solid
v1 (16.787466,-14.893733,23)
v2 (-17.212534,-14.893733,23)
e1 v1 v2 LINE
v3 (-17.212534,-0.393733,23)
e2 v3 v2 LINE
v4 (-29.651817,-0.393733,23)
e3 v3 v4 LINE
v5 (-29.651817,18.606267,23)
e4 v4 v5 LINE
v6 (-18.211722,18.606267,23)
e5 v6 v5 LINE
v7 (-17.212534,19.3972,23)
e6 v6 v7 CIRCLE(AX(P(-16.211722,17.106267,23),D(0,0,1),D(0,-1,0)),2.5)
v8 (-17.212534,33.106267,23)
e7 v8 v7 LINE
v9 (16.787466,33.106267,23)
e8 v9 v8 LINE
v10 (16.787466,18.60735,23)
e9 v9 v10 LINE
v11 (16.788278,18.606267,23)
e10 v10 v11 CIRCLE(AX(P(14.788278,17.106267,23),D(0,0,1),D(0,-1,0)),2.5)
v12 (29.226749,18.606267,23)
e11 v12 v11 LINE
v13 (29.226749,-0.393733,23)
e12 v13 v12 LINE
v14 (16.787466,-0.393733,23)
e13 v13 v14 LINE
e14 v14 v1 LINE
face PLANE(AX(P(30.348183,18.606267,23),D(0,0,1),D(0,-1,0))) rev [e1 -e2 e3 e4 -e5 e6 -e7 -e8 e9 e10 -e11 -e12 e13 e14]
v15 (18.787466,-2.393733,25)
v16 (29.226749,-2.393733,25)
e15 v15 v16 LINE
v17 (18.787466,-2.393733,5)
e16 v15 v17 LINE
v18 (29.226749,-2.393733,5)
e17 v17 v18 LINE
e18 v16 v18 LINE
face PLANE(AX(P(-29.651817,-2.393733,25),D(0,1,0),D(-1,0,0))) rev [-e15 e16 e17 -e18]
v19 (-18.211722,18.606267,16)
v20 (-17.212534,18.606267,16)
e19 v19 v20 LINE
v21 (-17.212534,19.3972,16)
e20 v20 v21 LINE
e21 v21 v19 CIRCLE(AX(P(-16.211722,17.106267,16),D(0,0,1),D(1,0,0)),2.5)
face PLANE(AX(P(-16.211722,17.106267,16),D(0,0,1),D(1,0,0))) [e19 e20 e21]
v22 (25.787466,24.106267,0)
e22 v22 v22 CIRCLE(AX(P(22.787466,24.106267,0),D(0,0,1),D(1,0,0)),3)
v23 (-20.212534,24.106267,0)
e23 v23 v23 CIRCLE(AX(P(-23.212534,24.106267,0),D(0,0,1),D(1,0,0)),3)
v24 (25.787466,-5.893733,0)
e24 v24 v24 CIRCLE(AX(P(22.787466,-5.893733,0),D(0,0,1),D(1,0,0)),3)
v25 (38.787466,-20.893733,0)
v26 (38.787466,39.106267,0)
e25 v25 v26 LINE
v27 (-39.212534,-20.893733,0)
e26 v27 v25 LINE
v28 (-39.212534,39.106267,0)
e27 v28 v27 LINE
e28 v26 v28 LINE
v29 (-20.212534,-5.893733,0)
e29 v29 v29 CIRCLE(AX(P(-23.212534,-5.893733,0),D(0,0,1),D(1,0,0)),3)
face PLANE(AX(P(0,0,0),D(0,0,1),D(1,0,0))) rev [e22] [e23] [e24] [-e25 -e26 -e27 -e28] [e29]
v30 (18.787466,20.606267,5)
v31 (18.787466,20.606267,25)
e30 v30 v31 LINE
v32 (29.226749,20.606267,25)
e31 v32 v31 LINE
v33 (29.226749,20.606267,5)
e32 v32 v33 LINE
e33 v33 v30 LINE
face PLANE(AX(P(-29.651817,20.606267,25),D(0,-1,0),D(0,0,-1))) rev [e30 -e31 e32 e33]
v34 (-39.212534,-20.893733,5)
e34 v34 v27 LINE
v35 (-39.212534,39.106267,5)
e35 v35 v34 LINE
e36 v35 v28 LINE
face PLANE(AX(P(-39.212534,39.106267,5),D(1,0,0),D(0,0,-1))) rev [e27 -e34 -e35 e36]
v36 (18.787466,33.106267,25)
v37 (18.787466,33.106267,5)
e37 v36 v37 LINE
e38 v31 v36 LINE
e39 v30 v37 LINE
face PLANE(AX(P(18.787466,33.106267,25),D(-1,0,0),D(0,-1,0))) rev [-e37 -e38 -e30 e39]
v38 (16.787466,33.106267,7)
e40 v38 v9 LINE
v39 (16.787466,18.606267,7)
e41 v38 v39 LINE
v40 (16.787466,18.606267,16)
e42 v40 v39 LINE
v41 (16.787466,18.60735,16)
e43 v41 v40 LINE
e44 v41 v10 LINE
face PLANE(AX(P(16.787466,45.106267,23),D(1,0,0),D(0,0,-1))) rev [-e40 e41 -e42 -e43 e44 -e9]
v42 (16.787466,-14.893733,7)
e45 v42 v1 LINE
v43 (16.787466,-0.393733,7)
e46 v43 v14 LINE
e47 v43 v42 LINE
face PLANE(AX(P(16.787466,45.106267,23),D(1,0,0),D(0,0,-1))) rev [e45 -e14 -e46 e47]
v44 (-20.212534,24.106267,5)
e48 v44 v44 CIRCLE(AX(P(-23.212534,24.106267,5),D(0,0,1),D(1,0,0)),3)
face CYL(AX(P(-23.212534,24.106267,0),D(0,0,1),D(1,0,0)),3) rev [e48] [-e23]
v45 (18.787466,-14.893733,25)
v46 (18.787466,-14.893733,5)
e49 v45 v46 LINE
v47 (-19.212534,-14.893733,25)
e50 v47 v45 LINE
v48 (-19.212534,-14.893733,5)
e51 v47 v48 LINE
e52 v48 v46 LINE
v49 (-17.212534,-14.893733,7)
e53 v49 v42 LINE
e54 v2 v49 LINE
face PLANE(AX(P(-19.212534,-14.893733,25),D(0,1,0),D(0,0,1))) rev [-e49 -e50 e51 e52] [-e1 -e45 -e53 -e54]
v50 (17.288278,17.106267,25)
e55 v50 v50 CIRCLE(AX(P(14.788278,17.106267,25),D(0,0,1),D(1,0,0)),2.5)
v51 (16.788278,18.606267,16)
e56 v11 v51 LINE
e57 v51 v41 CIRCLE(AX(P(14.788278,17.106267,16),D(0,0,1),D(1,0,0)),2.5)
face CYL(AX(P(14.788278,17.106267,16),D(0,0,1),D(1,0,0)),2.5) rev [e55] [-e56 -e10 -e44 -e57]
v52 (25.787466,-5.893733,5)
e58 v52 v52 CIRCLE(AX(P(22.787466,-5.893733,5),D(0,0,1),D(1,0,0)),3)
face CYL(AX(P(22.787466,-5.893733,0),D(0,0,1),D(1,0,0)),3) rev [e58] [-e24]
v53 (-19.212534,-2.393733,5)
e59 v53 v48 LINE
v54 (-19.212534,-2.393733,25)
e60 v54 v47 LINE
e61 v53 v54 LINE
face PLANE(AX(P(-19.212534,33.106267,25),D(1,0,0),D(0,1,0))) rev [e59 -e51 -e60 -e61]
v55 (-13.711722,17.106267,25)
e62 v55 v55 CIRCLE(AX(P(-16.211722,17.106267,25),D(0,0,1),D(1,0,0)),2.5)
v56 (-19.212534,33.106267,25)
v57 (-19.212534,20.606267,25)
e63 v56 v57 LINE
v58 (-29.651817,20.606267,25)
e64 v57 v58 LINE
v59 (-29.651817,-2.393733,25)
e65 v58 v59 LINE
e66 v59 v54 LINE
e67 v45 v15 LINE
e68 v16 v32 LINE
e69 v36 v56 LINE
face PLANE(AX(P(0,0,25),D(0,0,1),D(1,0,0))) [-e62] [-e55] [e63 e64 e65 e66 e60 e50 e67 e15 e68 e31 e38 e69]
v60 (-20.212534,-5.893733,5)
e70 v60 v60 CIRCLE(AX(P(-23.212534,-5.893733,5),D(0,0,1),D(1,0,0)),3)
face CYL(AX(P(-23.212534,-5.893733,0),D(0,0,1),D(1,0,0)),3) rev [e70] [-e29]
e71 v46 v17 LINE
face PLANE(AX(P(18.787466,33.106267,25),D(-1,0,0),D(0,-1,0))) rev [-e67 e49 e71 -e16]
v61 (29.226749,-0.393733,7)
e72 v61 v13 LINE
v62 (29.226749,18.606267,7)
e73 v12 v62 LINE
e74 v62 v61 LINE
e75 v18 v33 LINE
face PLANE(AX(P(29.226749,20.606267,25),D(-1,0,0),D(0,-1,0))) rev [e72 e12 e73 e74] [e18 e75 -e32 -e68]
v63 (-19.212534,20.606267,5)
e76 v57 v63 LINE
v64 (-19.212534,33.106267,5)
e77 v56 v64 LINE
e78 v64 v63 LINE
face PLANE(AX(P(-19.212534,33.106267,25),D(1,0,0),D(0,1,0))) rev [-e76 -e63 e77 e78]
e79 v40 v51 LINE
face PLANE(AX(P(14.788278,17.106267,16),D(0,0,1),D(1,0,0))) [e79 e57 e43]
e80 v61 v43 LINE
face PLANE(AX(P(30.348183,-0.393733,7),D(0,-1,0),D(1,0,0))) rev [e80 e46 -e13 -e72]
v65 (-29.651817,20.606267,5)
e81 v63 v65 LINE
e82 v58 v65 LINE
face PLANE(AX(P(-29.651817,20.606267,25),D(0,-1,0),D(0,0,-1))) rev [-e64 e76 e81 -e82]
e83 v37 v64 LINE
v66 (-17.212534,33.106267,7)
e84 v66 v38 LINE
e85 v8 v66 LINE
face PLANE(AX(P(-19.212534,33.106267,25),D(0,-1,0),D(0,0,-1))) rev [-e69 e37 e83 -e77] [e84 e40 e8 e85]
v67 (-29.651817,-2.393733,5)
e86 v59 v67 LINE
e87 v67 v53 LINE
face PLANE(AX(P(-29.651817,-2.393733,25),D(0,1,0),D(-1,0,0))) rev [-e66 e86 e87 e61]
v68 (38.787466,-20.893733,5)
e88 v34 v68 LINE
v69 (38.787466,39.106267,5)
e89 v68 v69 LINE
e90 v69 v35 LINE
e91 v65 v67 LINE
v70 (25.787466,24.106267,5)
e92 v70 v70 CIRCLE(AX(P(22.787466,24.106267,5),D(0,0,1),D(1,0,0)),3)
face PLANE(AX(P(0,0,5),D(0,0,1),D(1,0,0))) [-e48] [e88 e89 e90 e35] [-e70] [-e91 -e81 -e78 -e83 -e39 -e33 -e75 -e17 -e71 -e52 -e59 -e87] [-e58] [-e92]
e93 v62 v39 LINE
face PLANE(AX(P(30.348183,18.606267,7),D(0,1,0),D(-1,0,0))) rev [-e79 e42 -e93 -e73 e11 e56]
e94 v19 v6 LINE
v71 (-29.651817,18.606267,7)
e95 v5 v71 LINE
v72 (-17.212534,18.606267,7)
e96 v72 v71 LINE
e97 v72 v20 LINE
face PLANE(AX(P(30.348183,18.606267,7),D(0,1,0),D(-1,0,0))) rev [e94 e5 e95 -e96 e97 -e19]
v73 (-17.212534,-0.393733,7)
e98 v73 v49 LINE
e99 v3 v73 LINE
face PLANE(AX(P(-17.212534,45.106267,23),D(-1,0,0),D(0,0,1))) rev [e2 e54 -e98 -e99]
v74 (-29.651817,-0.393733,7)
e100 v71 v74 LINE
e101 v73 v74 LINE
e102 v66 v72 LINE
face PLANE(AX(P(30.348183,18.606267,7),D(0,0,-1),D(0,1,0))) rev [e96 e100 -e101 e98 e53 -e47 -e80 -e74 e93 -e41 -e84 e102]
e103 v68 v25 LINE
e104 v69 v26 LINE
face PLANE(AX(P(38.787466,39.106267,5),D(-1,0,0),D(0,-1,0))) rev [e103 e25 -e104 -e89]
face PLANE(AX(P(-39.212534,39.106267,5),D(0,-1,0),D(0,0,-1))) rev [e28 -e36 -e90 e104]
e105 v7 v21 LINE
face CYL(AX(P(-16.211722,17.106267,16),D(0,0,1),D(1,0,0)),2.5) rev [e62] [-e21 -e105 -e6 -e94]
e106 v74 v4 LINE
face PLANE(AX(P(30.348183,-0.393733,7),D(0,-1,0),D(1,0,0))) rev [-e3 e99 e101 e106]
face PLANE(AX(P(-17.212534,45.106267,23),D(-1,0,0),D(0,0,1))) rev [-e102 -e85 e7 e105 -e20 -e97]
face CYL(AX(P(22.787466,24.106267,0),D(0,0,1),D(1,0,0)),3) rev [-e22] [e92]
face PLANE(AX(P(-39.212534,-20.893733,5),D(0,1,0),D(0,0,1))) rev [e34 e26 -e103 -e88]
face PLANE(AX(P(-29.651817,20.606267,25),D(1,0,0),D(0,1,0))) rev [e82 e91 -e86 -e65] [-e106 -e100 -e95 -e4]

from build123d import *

# Parameters (mm, degrees)
SKETCH1_W           = 78
SKETCH1_H           = 60
BOSS_EXTRUDE1_DEPTH = 5
SKETCH7_R           = 3
CUT_EXTRUDE4_DEPTH  = 56.605062255
SKETCH8_W           = 38
SKETCH8_H           = 48
BOSS_EXTRUDE2_DEPTH = 20
SKETCH9_W           = 58.87856647
SKETCH9_H           = 23
BOSS_EXTRUDE3_DEPTH = 20
SKETCH10_W          = 16
SKETCH10_H          = 19
CUT_EXTRUDE5_DEPTH  = 60
SKETCH11_W          = 34
SKETCH11_H          = 16
CUT_EXTRUDE6_DEPTH  = 60
SKETCH12_R          = 2.5
CUT_EXTRUDE7_DEPTH  = 9


with BuildPart() as part:
    # Sketch1 → Boss-Extrude1 (new body)
    with BuildSketch(Plane.XY):
        with Locations((-0.21253406, 9.10626703)):
            Rectangle(SKETCH1_W, SKETCH1_H)
    extrude(amount=BOSS_EXTRUDE1_DEPTH)

    # Sketch7 → Cut-Extrude4 (cut, through all)
    with BuildSketch(Plane.XY.offset(5)):
        with Locations((-23.21253406, 24.10626703)):
            Circle(SKETCH7_R)
        with Locations((22.78746594, 24.10626703)):
            Circle(SKETCH7_R)
        with Locations((22.78746594, -5.89373297)):
            Circle(SKETCH7_R)
        with Locations((-23.21253406, -5.89373297)):
            Circle(SKETCH7_R)
    extrude(amount=-CUT_EXTRUDE4_DEPTH, mode=Mode.SUBTRACT)

    # Sketch8 → Boss-Extrude2 (add)
    with BuildSketch(Plane.XY.offset(5)):
        with Locations((-0.21253406, 9.10626703)):
            Rectangle(SKETCH8_W, SKETCH8_H)
    extrude(amount=BOSS_EXTRUDE2_DEPTH)

    # Sketch9 → Boss-Extrude3 (add)
    with BuildSketch(Plane.XY.offset(5)):
        with Locations((-0.21253406, 9.10626703)):
            Rectangle(SKETCH9_W, SKETCH9_H)
    extrude(amount=BOSS_EXTRUDE3_DEPTH)

    # Sketch10 → Cut-Extrude5 (cut)
    with BuildSketch(Plane.ZY.offset(29.651817295)):
        with Locations((15, 9.10626703)):
            Rectangle(SKETCH10_W, SKETCH10_H)
    extrude(amount=-CUT_EXTRUDE5_DEPTH, mode=Mode.SUBTRACT)

    # Sketch11 → Cut-Extrude6 (cut)
    with BuildSketch(Plane.XZ.offset(14.89373297)):
        with Locations((-0.21253406, 15)):
            Rectangle(SKETCH11_W, SKETCH11_H)
    extrude(amount=-CUT_EXTRUDE6_DEPTH, mode=Mode.SUBTRACT)

    # Sketch12 → Cut-Extrude7 (cut)
    with BuildSketch(Plane.XY.offset(25)):
        with Locations((-16.211721725, 17.10626703)):
            Circle(SKETCH12_R)
        with Locations((14.788278275, 17.10626703)):
            Circle(SKETCH12_R)
    extrude(amount=-CUT_EXTRUDE7_DEPTH, mode=Mode.SUBTRACT)


solid = part.part
